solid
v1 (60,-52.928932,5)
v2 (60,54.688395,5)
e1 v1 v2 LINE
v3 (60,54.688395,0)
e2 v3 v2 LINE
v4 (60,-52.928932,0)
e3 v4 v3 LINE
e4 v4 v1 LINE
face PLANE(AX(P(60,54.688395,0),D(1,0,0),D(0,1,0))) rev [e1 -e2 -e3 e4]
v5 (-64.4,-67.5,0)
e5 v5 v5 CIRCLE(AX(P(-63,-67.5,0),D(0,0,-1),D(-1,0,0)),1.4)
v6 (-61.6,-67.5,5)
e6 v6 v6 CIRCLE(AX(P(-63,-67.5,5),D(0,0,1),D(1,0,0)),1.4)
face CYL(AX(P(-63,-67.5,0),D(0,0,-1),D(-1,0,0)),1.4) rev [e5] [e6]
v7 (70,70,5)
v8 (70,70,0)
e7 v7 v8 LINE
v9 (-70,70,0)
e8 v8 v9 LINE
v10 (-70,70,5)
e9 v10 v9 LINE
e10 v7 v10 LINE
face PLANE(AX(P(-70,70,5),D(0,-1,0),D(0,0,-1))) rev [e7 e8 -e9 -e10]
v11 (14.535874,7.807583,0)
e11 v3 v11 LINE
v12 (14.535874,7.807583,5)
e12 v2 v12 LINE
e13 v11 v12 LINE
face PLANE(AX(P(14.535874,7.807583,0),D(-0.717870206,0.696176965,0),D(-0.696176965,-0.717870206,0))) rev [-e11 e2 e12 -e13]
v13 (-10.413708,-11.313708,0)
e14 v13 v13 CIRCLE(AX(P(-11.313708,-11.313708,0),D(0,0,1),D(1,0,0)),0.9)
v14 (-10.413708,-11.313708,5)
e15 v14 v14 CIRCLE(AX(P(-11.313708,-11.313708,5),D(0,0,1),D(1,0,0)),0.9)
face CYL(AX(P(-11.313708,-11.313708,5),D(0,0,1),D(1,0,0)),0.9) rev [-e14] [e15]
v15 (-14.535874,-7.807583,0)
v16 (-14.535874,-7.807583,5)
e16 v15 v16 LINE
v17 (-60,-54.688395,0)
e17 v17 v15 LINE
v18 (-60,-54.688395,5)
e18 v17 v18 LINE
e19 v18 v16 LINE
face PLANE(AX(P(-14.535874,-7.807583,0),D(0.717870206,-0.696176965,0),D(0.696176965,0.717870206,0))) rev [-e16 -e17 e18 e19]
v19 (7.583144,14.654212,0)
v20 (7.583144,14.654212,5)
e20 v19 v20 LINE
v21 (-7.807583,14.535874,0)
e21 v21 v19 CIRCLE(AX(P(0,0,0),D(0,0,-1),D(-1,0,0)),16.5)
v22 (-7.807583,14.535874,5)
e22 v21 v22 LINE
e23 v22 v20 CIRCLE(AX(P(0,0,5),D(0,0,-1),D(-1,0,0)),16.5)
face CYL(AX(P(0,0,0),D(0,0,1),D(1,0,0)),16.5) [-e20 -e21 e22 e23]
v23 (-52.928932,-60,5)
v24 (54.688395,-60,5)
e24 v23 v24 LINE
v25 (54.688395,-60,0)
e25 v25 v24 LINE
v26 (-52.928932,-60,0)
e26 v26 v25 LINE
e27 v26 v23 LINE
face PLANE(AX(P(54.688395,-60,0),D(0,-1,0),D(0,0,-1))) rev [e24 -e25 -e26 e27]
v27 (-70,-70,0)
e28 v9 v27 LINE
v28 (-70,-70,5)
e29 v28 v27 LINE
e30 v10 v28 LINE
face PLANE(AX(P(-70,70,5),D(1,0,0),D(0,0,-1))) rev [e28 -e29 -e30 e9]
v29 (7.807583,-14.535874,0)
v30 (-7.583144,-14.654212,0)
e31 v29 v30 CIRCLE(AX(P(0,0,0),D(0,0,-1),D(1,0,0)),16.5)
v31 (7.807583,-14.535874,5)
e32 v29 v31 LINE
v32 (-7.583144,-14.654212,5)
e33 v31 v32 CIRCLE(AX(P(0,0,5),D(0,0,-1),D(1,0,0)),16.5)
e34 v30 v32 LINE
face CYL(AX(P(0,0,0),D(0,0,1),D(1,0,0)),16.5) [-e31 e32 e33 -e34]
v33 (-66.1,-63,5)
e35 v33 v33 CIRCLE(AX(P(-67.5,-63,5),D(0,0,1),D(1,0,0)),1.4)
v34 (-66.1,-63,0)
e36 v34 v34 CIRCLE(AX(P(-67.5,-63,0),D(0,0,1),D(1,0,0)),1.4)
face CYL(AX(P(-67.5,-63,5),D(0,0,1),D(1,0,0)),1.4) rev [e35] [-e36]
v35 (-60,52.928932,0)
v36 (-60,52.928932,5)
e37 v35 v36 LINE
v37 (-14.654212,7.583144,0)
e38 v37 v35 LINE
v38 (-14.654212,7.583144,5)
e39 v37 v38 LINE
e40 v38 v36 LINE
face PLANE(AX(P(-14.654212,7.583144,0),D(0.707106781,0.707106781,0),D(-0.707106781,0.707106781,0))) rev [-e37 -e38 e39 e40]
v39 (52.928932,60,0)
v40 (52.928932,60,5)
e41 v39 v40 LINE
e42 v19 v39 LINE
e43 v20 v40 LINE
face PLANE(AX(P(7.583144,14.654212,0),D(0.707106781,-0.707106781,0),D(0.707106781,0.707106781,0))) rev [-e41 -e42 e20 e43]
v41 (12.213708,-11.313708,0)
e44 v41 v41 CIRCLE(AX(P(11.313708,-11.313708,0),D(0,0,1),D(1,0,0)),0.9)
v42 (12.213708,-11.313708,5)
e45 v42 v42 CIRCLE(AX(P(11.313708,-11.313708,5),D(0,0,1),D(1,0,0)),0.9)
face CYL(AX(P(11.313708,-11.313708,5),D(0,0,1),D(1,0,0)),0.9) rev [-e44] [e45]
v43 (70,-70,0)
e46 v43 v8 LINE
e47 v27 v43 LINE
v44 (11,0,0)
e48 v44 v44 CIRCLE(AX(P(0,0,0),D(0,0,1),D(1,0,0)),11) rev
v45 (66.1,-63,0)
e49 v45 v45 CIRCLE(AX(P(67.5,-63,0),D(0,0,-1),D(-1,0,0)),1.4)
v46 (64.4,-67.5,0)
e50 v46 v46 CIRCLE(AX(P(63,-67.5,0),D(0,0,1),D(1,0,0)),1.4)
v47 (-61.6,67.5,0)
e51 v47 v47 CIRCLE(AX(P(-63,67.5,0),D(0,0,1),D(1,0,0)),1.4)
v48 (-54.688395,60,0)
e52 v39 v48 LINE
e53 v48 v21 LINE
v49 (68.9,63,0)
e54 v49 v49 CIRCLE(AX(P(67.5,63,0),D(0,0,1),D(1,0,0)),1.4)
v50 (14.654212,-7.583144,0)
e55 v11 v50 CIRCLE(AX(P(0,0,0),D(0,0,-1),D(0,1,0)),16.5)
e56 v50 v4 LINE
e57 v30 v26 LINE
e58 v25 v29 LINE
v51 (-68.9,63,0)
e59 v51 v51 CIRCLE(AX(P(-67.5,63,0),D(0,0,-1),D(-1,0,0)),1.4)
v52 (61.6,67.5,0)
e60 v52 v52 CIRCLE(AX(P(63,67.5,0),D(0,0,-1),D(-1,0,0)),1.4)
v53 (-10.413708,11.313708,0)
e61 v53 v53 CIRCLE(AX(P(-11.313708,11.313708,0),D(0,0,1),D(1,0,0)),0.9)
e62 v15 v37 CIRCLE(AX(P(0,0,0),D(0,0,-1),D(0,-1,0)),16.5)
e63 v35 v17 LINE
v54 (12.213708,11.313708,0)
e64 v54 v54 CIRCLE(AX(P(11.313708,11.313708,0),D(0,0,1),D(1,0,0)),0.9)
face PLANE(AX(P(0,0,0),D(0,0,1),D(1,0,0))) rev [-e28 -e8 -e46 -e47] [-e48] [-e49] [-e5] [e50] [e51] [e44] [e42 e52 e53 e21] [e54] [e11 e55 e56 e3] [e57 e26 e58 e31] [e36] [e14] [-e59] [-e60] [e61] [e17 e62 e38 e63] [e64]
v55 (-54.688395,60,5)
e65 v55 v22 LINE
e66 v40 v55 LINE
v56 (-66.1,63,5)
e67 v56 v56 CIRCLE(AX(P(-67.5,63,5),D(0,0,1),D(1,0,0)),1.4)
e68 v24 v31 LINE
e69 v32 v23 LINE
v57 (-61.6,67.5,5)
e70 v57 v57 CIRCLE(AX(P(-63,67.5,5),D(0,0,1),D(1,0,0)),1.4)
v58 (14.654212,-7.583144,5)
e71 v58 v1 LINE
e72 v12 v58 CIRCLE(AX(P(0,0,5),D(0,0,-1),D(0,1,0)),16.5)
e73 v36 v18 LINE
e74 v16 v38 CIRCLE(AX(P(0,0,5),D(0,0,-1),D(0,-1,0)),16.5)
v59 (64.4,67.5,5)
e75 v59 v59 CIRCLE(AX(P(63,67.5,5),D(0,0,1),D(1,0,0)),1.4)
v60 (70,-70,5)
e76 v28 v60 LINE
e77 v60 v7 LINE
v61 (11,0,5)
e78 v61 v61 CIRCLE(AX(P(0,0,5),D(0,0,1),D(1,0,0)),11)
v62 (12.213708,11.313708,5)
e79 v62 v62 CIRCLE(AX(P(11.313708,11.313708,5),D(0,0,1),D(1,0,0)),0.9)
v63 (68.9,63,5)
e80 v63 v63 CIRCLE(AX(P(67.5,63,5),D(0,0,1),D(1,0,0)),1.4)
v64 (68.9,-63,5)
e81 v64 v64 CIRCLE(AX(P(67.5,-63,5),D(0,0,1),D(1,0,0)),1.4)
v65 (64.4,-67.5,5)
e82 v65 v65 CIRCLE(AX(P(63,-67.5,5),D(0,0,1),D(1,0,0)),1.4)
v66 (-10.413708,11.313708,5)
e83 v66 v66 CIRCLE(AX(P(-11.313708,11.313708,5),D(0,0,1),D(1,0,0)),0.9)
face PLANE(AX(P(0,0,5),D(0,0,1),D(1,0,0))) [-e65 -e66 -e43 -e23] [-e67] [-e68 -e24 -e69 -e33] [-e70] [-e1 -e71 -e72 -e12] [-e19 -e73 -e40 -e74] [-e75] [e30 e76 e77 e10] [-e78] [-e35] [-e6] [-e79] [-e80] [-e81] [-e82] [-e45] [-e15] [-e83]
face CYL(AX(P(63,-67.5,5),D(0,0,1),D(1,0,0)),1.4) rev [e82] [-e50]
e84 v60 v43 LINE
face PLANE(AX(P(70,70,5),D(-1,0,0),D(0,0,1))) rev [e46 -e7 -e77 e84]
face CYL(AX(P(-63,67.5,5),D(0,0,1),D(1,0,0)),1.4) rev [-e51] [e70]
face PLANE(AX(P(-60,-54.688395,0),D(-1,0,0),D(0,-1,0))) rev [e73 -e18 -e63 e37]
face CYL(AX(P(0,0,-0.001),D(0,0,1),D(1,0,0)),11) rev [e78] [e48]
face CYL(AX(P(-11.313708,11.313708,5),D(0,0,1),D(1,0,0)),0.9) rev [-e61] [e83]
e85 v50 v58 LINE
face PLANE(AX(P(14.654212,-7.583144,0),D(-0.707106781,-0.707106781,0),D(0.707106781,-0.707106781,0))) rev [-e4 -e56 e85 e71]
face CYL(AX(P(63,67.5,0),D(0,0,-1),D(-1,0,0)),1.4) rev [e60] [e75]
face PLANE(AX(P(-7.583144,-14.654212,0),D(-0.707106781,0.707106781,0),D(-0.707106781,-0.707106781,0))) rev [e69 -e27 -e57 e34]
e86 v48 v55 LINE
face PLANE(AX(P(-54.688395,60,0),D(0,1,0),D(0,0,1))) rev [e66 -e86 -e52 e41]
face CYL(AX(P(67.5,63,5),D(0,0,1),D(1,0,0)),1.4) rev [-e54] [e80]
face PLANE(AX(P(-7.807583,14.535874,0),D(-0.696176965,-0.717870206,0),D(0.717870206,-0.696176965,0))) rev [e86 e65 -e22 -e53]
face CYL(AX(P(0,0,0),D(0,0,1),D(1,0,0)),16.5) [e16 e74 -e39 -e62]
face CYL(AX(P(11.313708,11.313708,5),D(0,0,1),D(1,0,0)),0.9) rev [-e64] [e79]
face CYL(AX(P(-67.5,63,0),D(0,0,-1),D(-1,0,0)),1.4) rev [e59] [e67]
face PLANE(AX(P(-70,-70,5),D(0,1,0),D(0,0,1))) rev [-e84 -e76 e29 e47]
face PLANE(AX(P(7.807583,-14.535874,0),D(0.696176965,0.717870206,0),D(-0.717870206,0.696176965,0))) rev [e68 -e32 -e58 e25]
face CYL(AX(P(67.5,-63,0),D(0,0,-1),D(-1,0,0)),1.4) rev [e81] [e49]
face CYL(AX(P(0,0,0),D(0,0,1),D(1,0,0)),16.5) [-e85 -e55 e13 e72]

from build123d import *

# Parameters (mm, degrees)
SKETCH3_W           = 140
SKETCH3_H           = 140
BOSS_EXTRUDE1_DEPTH = 5
CUT_EXTRUDE1_DEPTH  = 5
CIRPATTERN1_COUNT   = 4
CUT_EXTRUDE2_REACH  = 101.121
SKETCH7_R           = 11
CIRPATTERN2_COUNT   = 4
CIRPATTERN3_COUNT   = 4


with BuildPart() as part:
    # Sketch3 → Boss-Extrude1 (new body)
    with BuildSketch(Plane.XY):
        Rectangle(SKETCH3_W, SKETCH3_H)
    extrude(amount=BOSS_EXTRUDE1_DEPTH)

    # Sketch4 → Cut-Extrude1 (cut)
    with BuildSketch(Plane.XY.offset(5)):
        with BuildLine():
            Line((7.583144073, 14.654211885), (52.928932188, 60))
            Line((52.928932188, 60), (-54.688394727, 60))
            Line((-54.688394727, 60), (-7.80758307, 14.53587447))
            ThreePointArc((-7.80758307, 14.53587447), (-0.126862728, 16.499512291), (7.583144073, 14.654211885))
        make_face()
    cut_extrude1 = extrude(amount=-CUT_EXTRUDE1_DEPTH, mode=Mode.SUBTRACT)

    # CirPattern1: Cut-Extrude1 ×4 about axis
    cirpattern1_axis = Axis((0, 0, 5), (0, 0, -1))
    for i in range(1, CIRPATTERN1_COUNT):
        add(cut_extrude1.rotate(cirpattern1_axis, i * 360 / CIRPATTERN1_COUNT), mode=Mode.SUBTRACT)

    # Sketch7 → Cut-Extrude2 (cut, up to next)
    with BuildSketch(Plane.XY.offset(5), mode=Mode.PRIVATE) as cut_extrude2_sk1:
        Circle(SKETCH7_R)
    cut_extrude2_tool1 = extrude(cut_extrude2_sk1.sketch, amount=-CUT_EXTRUDE2_REACH, mode=Mode.PRIVATE) & part.part
    add(cut_extrude2_tool1.solids().sort_by_distance((0, 0, 5))[0], mode=Mode.SUBTRACT)

    # Sketch9 → Ø1.8 (1.8) Diameter Hole1 (revolve, cut)
    with BuildSketch(Plane(origin=(11.313708499, -11.313708499, 5), x_dir=(0, -1, 0), z_dir=(1, 0, 0))):
        Polygon((0, 0), (0, 6.540774557), (0.9, 6), (0.9, 0), align=None)
    f_1_8_1_8_diameter_hole1 = revolve(axis=Axis((11.313708499, -11.313708499, 11.35), (0, 0, -1)), mode=Mode.SUBTRACT)

    # CirPattern2: Ø1.8 (1.8) Diameter Hole1 ×4 about axis
    cirpattern2_axis = Axis((0, 0, 0), (0, 0, 1))
    for i in range(1, CIRPATTERN2_COUNT):
        add(f_1_8_1_8_diameter_hole1.rotate(cirpattern2_axis, i * 360 / CIRPATTERN2_COUNT), mode=Mode.SUBTRACT)

    # Sketch10 → Ø3.0mm Dowel Hole1 (revolve, cut)
    with BuildSketch(Plane(origin=(67.5, -63, 0), x_dir=(0, 1, 0), z_dir=(1, 0, 0))):
        Polygon((0, 0), (0, 10.841204867), (1.4, 10), (1.4, 0), align=None)
    f_3_0mm_dowel_hole1 = revolve(axis=Axis((67.5, -63, -6.35), (0, 0, 1)), mode=Mode.SUBTRACT)

    # Sketch11 → Ø3.0mm Dowel Hole2 (revolve, cut)
    with BuildSketch(Plane(origin=(63, -67.5, 5), x_dir=(0, -1, 0), z_dir=(1, 0, 0))):
        Polygon((0, 0), (0, 10.841204867), (1.4, 10), (1.4, 0), align=None)
    f_3_0mm_dowel_hole2 = revolve(axis=Axis((63, -67.5, 11.35), (0, 0, -1)), mode=Mode.SUBTRACT)

    # CirPattern3: Ø3.0mm Dowel Hole1, Ø3.0mm Dowel Hole2 ×4 about axis
    cirpattern3_axis = Axis((0, 0, 5.25), (0, 0, -1))
    add([f_3_0mm_dowel_hole1.rotate(cirpattern3_axis, i * 360 / CIRPATTERN3_COUNT) for i in range(1, CIRPATTERN3_COUNT)], mode=Mode.SUBTRACT)
    add([f_3_0mm_dowel_hole2.rotate(cirpattern3_axis, i * 360 / CIRPATTERN3_COUNT) for i in range(1, CIRPATTERN3_COUNT)], mode=Mode.SUBTRACT)


solid = part.part
